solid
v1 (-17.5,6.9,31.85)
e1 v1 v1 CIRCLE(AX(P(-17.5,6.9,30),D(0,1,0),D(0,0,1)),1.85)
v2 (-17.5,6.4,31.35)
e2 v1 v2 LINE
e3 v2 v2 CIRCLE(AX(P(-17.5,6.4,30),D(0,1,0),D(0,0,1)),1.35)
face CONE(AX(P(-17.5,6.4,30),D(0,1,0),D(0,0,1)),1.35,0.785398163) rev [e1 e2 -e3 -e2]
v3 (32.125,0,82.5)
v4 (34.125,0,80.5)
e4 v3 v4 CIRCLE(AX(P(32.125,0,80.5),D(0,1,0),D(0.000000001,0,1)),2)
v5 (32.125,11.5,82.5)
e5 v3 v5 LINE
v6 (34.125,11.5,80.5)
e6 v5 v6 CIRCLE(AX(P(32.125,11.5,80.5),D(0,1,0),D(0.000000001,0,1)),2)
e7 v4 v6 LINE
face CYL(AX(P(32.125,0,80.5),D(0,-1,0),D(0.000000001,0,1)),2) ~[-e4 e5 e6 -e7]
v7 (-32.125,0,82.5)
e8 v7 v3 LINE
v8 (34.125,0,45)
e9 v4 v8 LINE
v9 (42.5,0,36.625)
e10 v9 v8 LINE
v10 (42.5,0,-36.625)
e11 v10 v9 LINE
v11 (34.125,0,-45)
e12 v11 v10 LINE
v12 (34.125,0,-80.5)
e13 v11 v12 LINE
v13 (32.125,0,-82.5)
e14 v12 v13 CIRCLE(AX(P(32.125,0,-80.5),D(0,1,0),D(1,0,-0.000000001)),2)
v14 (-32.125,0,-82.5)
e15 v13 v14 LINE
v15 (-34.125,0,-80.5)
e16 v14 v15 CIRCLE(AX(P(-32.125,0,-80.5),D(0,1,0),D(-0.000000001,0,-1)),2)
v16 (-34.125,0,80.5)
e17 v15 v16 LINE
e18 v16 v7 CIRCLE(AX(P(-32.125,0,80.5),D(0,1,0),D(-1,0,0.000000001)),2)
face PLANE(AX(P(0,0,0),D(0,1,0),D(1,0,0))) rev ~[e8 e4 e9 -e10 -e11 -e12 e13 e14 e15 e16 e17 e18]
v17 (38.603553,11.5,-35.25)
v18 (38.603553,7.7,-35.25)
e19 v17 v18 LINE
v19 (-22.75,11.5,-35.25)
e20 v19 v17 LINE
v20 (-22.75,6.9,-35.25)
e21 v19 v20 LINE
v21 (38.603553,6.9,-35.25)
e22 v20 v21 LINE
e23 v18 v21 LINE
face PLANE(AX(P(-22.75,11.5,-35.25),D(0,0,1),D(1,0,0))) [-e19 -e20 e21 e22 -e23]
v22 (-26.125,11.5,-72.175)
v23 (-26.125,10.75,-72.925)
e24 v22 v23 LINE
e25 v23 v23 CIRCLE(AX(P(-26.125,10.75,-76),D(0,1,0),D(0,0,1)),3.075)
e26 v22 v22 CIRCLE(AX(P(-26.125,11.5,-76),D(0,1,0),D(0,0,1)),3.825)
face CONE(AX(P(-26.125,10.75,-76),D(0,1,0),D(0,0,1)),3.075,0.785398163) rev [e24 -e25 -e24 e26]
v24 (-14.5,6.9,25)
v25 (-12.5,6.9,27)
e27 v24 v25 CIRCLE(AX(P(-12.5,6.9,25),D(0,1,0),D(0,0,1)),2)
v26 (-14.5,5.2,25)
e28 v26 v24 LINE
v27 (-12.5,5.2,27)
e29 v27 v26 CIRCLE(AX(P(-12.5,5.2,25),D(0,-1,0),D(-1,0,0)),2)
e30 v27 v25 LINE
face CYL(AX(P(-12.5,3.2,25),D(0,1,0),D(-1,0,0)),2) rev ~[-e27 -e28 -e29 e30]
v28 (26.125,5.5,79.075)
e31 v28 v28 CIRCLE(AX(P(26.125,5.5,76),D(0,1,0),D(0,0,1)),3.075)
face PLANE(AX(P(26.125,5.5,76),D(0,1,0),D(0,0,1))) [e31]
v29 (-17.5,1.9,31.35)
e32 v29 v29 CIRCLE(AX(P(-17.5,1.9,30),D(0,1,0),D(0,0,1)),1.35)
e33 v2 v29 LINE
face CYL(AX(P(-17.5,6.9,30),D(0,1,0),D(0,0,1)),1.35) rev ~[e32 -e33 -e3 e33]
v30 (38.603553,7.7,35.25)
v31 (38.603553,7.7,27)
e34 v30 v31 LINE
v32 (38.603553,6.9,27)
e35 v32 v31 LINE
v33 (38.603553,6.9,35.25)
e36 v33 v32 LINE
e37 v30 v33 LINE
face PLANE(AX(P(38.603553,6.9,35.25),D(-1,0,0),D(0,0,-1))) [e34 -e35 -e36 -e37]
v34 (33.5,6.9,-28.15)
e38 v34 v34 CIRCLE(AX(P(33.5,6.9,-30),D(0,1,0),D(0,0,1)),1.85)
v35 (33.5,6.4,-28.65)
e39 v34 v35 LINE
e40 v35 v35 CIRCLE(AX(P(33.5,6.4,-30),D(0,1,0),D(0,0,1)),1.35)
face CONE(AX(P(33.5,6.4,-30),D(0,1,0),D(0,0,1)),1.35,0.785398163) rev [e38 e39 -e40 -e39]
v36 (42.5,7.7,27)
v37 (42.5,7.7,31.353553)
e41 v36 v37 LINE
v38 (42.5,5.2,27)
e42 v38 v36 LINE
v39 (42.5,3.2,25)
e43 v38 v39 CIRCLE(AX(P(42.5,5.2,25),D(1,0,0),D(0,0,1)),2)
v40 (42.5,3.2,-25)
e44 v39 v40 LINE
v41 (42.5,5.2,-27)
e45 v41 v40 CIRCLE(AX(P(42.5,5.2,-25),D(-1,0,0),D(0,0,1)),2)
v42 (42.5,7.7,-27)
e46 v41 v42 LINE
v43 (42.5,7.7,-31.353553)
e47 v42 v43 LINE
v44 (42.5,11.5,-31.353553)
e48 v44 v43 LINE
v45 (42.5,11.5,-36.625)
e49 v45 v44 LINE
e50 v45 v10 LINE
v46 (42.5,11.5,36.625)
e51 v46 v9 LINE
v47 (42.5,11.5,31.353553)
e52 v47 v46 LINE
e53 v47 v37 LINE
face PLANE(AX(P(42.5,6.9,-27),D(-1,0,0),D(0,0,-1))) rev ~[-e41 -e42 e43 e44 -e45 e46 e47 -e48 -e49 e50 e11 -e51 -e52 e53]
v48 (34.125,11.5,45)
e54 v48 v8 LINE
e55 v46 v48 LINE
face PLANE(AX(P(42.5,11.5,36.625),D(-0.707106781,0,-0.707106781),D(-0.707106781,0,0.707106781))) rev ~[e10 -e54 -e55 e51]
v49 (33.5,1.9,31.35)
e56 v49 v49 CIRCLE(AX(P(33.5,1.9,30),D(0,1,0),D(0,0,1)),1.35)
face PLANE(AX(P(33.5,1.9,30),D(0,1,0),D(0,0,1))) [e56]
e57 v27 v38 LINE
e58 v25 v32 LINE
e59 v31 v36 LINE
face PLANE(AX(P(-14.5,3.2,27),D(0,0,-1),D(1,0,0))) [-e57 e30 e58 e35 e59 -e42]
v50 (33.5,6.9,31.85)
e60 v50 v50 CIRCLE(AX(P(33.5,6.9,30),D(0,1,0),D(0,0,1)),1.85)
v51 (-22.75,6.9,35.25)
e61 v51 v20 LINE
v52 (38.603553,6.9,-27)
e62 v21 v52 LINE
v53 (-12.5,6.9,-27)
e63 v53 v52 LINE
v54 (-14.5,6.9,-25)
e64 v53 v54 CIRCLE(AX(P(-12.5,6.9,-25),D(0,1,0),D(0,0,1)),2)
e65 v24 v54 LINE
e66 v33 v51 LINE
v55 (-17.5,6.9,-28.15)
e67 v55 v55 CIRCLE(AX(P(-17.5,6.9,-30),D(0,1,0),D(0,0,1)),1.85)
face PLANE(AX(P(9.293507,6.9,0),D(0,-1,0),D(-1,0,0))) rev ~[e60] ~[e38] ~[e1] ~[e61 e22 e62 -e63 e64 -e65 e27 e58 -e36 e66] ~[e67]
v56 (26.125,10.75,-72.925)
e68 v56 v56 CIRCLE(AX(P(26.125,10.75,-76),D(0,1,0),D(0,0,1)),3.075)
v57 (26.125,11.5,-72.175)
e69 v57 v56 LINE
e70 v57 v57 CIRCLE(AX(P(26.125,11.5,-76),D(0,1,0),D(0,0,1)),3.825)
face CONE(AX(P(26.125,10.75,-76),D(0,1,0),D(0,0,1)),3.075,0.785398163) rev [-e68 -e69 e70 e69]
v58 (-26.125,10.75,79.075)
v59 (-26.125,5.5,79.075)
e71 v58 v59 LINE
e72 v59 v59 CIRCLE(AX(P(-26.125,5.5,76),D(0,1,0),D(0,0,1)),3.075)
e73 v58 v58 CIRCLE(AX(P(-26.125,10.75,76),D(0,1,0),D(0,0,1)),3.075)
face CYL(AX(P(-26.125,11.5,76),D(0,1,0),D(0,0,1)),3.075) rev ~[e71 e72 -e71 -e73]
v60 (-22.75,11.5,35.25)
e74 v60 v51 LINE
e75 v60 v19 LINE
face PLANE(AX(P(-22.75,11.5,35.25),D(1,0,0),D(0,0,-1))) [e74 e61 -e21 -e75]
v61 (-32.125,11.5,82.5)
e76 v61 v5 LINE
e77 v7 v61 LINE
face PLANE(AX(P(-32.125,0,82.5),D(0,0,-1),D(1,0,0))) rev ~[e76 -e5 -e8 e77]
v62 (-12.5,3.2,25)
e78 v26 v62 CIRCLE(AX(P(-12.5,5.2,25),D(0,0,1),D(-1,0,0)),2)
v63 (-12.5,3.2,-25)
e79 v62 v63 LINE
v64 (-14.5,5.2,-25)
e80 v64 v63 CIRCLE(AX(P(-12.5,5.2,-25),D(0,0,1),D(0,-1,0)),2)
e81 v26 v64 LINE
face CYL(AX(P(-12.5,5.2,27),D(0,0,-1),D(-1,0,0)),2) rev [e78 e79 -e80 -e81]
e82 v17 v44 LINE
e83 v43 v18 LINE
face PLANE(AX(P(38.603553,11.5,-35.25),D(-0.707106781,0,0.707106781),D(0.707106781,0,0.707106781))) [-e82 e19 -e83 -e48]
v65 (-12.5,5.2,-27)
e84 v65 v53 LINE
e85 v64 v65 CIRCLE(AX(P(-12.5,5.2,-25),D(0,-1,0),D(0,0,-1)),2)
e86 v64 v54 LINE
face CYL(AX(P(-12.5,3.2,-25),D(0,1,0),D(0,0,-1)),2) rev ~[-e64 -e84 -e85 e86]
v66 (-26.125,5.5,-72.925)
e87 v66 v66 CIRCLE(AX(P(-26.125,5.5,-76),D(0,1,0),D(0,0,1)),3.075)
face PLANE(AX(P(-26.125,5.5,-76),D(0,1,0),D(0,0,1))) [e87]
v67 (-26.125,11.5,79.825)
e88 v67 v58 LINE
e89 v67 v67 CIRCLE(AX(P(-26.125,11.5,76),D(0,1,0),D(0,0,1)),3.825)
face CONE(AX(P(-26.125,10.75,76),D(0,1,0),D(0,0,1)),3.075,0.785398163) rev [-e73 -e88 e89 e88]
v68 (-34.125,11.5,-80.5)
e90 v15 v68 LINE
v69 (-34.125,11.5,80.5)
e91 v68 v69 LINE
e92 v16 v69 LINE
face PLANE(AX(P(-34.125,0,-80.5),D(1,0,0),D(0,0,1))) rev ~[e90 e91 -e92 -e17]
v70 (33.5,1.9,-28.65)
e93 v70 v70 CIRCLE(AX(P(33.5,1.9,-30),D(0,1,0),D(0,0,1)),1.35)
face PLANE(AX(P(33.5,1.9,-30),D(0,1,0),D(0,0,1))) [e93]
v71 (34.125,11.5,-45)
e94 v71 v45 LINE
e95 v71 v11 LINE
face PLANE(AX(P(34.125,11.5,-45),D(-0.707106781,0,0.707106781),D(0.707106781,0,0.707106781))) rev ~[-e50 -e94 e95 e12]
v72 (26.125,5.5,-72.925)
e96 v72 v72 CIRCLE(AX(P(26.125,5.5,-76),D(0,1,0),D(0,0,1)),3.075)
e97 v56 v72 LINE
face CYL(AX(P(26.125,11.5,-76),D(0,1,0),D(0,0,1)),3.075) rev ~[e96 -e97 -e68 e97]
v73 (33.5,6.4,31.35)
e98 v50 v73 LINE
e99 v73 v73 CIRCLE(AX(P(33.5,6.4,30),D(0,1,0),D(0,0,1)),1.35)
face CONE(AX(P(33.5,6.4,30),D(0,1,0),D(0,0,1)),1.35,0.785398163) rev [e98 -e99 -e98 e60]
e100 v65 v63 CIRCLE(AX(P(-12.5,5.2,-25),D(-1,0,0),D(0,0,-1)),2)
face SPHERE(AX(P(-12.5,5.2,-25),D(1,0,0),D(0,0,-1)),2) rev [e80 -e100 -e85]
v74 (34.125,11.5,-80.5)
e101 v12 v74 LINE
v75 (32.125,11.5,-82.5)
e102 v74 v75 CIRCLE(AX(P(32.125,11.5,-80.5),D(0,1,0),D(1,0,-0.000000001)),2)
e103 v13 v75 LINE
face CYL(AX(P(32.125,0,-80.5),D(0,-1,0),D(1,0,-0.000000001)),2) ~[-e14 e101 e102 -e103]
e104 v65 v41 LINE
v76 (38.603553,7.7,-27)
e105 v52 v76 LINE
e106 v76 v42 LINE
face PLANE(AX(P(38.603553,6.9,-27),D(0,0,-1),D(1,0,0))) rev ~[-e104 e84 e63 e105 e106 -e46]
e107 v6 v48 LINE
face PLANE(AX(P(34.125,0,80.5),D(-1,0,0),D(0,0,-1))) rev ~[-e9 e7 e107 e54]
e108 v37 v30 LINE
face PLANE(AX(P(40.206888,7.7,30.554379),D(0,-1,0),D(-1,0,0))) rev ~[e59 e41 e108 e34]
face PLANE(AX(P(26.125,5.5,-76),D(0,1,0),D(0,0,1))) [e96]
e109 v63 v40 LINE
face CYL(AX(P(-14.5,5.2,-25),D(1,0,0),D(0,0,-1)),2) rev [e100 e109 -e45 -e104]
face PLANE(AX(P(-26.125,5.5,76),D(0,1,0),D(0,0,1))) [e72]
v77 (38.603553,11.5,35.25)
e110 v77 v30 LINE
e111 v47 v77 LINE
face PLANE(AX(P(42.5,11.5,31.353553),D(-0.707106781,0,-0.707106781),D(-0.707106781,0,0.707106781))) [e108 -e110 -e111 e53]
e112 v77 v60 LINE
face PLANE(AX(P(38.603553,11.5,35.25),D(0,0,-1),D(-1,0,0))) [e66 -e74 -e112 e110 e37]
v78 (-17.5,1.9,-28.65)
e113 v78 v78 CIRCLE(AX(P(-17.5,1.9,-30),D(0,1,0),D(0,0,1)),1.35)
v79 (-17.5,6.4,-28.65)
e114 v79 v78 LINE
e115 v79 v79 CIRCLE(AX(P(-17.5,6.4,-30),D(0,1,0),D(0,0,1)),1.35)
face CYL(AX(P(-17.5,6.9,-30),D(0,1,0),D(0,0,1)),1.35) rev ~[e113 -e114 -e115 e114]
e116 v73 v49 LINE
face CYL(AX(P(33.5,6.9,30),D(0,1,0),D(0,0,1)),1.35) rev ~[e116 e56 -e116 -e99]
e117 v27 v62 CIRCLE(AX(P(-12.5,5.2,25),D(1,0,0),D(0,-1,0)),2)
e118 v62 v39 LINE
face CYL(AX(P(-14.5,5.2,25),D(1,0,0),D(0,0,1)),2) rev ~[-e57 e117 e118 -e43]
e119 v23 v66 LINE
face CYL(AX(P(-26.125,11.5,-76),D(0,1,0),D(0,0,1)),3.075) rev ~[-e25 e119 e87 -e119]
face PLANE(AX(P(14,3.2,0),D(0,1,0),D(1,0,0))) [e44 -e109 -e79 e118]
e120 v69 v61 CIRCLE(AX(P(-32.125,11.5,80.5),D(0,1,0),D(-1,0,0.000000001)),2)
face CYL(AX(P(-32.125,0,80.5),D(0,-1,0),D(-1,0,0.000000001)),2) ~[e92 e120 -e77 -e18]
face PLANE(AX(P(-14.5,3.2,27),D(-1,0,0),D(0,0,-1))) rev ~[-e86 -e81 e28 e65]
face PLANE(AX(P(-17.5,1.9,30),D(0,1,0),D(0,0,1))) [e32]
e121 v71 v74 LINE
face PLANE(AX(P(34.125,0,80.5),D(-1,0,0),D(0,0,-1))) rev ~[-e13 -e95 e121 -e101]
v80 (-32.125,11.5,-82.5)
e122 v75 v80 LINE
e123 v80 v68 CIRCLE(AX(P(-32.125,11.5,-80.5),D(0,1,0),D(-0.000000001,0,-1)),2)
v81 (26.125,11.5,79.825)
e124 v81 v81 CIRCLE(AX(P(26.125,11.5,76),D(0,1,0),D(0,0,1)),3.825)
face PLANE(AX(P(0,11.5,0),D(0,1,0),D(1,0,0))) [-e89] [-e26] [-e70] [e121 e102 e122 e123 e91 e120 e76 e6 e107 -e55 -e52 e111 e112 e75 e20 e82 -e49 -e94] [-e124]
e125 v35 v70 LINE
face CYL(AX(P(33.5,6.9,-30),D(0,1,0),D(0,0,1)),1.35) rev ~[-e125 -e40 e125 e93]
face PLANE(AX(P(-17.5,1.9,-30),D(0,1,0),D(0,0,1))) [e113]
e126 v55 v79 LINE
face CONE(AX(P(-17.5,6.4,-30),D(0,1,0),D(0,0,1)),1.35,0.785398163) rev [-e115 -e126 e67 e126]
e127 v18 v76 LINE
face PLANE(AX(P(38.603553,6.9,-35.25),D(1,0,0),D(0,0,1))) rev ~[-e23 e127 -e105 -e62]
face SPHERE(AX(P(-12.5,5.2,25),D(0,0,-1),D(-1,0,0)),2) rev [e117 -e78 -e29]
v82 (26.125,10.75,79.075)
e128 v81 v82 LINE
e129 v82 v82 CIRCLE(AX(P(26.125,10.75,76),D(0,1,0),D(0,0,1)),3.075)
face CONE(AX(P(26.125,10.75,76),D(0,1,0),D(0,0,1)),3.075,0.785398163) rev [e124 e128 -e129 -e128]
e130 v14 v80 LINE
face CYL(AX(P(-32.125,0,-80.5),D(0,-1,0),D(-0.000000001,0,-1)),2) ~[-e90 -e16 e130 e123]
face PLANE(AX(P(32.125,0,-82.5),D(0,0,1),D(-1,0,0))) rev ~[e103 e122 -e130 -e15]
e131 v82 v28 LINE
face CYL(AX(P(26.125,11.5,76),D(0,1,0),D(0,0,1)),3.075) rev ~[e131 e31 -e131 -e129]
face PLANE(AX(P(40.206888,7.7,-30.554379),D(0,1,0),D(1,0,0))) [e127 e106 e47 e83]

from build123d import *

# Parameters (mm, degrees)
BOSS_EXTRUDE1_DEPTH     = 11.5
SKETCH4_R               = 3.075
CUT_EXTRUDE1_DEPTH      = 6
BOSS_EXTRUDE3_DEPTH     = 11.5
CUT_EXTRUDE6_DEPTH      = 4.6
CUT_EXTRUDE3_DEPTH      = 94.059712013
CUT_EXTRUDE3_DEPTH_BACK = 3.7
SKETCH24_W              = 57
SKETCH24_H              = 54
SKETCH25_R              = 1.35
CUT_EXTRUDE4_DEPTH      = 5
CHAMFER4_SIZE           = 0.5
FILLET1_R               = 2
BOSS_EXTRUDE2_DEPTH     = 0.8
CHAMFER5_SIZE           = 0.75


with BuildPart() as part:
    # Sketch1 → Boss-Extrude1 (new body)
    with BuildSketch(Plane(origin=(0, 0, 0), x_dir=(1, 0, 0), z_dir=(0, 1, 0))):
        with BuildLine():
            Line((-34.125, 67.5), (-34.125, -67.5))
            Line((-34.125, -67.5), (-34.125, -80.5))
            ThreePointArc((-34.125, -80.5), (-33.539213562, -81.914213562), (-32.125, -82.5))
            Line((-32.125, -82.5), (32.125, -82.5))
            ThreePointArc((32.125, -82.5), (33.539213562, -81.914213562), (34.125, -80.5))
            Line((34.125, -80.5), (34.125, -67.5))
            Line((34.125, -67.5), (34.125, 67.5))
            Line((34.125, 67.5), (34.125, 80.5))
            ThreePointArc((34.125, 80.5), (33.539213562, 81.914213562), (32.125, 82.5))
            Line((32.125, 82.5), (-32.125, 82.5))
            ThreePointArc((-32.125, 82.5), (-33.539213562, 81.914213562), (-34.125, 80.5))
            Line((-34.125, 80.5), (-34.125, 67.5))
        make_face()
    extrude(amount=BOSS_EXTRUDE1_DEPTH)

    # Sketch4 → Cut-Extrude1 (cut)
    with BuildSketch(Plane(origin=(0, 11.5, 0), x_dir=(1, 0, 0), z_dir=(0, 1, 0))):
        with Locations(Location((-26.125, -76, 0), (0, 0, 270))):
            Circle(SKETCH4_R)
        with Locations(Location((26.125, -76, 0), (0, 0, 270))):
            Circle(SKETCH4_R)
        with Locations(Location((26.125, 76, 0), (0, 0, 270))):
            Circle(SKETCH4_R)
        with Locations(Location((-26.125, 76, 0), (0, 0, 270))):
            Circle(SKETCH4_R)
    extrude(amount=-CUT_EXTRUDE1_DEPTH, mode=Mode.SUBTRACT)

    # Sketch27 → Boss-Extrude3 (add)
    with BuildSketch(Plane(origin=(0, 11.5, 0), x_dir=(1, 0, 0), z_dir=(0, 1, 0))):
        Polygon((34.125, 45), (42.5, 36.625), (42.5, -36.625), (34.125, -45), align=None)
    extrude(amount=-BOSS_EXTRUDE3_DEPTH)

    # Sketch21 → Cut-Extrude6 (cut)
    with BuildSketch(Plane(origin=(0, 11.5, 0), x_dir=(1, 0, 0), z_dir=(0, 1, 0))):
        Polygon((42.5, 31.353553391), (42.5, -31.353553391), (38.603553391, -35.25), (-22.75, -35.25), (-22.75, 35.25), (38.603553391, 35.25), align=None)
    extrude(amount=-CUT_EXTRUDE6_DEPTH, mode=Mode.SUBTRACT)

    # Sketch24 → Cut-Extrude3 (cut, two sides: drawn at the far end of the back side and taken through both)
    with BuildSketch(Plane(origin=(0, 6.9, 0), x_dir=(1, 0, 0), z_dir=(0, 1, 0)).offset(-CUT_EXTRUDE3_DEPTH_BACK)):
        with Locations((14, 0)):
            Rectangle(SKETCH24_W, SKETCH24_H)
    extrude(amount=CUT_EXTRUDE3_DEPTH + CUT_EXTRUDE3_DEPTH_BACK, mode=Mode.SUBTRACT)

    # Sketch25 → Cut-Extrude4 (cut)
    with BuildSketch(Plane(origin=(0, 6.9, 0), x_dir=(1, 0, 0), z_dir=(0, 1, 0))):
        with Locations(Location((33.5, 30, 0), (0, 0, 270))):
            Circle(SKETCH25_R)
        with Locations(Location((-17.5, 30, 0), (0, 0, 270))):
            Circle(SKETCH25_R)
        with Locations(Location((33.5, -30, 0), (0, 0, 270))):
            Circle(SKETCH25_R)
        with Locations(Location((-17.5, -30, 0), (0, 0, 270))):
            Circle(SKETCH25_R)
    extrude(amount=-CUT_EXTRUDE4_DEPTH, mode=Mode.SUBTRACT)

    # Chamfer4
    chamfer4_edges = [part.edges().sort_by_distance(p)[0] for p in [
        (-17.5, 6.9, -31.35),
        (33.5, 6.9, 28.65),
        (-17.5, 6.9, 28.65),
        (33.5, 6.9, -31.35),
    ]]
    chamfer(chamfer4_edges, length=CHAMFER4_SIZE)

    # Fillet1
    fillet1_edges = [part.edges().sort_by_distance(p)[0] for p in [
        (14, 3.2, -27),
        (-14.5, 5.05, -27),
        (-14.5, 3.2, 0),
        (-14.5, 5.05, 27),
        (14, 3.2, 27),
    ]]
    fillet(fillet1_edges, radius=FILLET1_R)

    # Sketch26 → Boss-Extrude2 (add)
    with BuildSketch(Plane(origin=(0, 6.9, 0), x_dir=(1, 0, 0), z_dir=(0, 1, 0))):
        Polygon((38.603553391, 35.25), (38.603553391, 27), (42.5, 27), (42.5, 31.353553391), align=None)
        Polygon((42.5, -31.353553391), (38.603553391, -35.25), (38.603553391, -27), (42.5, -27), align=None)
    extrude(amount=BOSS_EXTRUDE2_DEPTH)

    # Chamfer5
    chamfer5_edges = [part.edges().sort_by_distance(p)[0] for p in [
        (-26.125, 11.5, -79.075),
        (26.125, 11.5, -79.075),
        (26.125, 11.5, 72.925),
        (-26.125, 11.5, 72.925),
    ]]
    chamfer(chamfer5_edges, length=CHAMFER5_SIZE)


solid = part.part
